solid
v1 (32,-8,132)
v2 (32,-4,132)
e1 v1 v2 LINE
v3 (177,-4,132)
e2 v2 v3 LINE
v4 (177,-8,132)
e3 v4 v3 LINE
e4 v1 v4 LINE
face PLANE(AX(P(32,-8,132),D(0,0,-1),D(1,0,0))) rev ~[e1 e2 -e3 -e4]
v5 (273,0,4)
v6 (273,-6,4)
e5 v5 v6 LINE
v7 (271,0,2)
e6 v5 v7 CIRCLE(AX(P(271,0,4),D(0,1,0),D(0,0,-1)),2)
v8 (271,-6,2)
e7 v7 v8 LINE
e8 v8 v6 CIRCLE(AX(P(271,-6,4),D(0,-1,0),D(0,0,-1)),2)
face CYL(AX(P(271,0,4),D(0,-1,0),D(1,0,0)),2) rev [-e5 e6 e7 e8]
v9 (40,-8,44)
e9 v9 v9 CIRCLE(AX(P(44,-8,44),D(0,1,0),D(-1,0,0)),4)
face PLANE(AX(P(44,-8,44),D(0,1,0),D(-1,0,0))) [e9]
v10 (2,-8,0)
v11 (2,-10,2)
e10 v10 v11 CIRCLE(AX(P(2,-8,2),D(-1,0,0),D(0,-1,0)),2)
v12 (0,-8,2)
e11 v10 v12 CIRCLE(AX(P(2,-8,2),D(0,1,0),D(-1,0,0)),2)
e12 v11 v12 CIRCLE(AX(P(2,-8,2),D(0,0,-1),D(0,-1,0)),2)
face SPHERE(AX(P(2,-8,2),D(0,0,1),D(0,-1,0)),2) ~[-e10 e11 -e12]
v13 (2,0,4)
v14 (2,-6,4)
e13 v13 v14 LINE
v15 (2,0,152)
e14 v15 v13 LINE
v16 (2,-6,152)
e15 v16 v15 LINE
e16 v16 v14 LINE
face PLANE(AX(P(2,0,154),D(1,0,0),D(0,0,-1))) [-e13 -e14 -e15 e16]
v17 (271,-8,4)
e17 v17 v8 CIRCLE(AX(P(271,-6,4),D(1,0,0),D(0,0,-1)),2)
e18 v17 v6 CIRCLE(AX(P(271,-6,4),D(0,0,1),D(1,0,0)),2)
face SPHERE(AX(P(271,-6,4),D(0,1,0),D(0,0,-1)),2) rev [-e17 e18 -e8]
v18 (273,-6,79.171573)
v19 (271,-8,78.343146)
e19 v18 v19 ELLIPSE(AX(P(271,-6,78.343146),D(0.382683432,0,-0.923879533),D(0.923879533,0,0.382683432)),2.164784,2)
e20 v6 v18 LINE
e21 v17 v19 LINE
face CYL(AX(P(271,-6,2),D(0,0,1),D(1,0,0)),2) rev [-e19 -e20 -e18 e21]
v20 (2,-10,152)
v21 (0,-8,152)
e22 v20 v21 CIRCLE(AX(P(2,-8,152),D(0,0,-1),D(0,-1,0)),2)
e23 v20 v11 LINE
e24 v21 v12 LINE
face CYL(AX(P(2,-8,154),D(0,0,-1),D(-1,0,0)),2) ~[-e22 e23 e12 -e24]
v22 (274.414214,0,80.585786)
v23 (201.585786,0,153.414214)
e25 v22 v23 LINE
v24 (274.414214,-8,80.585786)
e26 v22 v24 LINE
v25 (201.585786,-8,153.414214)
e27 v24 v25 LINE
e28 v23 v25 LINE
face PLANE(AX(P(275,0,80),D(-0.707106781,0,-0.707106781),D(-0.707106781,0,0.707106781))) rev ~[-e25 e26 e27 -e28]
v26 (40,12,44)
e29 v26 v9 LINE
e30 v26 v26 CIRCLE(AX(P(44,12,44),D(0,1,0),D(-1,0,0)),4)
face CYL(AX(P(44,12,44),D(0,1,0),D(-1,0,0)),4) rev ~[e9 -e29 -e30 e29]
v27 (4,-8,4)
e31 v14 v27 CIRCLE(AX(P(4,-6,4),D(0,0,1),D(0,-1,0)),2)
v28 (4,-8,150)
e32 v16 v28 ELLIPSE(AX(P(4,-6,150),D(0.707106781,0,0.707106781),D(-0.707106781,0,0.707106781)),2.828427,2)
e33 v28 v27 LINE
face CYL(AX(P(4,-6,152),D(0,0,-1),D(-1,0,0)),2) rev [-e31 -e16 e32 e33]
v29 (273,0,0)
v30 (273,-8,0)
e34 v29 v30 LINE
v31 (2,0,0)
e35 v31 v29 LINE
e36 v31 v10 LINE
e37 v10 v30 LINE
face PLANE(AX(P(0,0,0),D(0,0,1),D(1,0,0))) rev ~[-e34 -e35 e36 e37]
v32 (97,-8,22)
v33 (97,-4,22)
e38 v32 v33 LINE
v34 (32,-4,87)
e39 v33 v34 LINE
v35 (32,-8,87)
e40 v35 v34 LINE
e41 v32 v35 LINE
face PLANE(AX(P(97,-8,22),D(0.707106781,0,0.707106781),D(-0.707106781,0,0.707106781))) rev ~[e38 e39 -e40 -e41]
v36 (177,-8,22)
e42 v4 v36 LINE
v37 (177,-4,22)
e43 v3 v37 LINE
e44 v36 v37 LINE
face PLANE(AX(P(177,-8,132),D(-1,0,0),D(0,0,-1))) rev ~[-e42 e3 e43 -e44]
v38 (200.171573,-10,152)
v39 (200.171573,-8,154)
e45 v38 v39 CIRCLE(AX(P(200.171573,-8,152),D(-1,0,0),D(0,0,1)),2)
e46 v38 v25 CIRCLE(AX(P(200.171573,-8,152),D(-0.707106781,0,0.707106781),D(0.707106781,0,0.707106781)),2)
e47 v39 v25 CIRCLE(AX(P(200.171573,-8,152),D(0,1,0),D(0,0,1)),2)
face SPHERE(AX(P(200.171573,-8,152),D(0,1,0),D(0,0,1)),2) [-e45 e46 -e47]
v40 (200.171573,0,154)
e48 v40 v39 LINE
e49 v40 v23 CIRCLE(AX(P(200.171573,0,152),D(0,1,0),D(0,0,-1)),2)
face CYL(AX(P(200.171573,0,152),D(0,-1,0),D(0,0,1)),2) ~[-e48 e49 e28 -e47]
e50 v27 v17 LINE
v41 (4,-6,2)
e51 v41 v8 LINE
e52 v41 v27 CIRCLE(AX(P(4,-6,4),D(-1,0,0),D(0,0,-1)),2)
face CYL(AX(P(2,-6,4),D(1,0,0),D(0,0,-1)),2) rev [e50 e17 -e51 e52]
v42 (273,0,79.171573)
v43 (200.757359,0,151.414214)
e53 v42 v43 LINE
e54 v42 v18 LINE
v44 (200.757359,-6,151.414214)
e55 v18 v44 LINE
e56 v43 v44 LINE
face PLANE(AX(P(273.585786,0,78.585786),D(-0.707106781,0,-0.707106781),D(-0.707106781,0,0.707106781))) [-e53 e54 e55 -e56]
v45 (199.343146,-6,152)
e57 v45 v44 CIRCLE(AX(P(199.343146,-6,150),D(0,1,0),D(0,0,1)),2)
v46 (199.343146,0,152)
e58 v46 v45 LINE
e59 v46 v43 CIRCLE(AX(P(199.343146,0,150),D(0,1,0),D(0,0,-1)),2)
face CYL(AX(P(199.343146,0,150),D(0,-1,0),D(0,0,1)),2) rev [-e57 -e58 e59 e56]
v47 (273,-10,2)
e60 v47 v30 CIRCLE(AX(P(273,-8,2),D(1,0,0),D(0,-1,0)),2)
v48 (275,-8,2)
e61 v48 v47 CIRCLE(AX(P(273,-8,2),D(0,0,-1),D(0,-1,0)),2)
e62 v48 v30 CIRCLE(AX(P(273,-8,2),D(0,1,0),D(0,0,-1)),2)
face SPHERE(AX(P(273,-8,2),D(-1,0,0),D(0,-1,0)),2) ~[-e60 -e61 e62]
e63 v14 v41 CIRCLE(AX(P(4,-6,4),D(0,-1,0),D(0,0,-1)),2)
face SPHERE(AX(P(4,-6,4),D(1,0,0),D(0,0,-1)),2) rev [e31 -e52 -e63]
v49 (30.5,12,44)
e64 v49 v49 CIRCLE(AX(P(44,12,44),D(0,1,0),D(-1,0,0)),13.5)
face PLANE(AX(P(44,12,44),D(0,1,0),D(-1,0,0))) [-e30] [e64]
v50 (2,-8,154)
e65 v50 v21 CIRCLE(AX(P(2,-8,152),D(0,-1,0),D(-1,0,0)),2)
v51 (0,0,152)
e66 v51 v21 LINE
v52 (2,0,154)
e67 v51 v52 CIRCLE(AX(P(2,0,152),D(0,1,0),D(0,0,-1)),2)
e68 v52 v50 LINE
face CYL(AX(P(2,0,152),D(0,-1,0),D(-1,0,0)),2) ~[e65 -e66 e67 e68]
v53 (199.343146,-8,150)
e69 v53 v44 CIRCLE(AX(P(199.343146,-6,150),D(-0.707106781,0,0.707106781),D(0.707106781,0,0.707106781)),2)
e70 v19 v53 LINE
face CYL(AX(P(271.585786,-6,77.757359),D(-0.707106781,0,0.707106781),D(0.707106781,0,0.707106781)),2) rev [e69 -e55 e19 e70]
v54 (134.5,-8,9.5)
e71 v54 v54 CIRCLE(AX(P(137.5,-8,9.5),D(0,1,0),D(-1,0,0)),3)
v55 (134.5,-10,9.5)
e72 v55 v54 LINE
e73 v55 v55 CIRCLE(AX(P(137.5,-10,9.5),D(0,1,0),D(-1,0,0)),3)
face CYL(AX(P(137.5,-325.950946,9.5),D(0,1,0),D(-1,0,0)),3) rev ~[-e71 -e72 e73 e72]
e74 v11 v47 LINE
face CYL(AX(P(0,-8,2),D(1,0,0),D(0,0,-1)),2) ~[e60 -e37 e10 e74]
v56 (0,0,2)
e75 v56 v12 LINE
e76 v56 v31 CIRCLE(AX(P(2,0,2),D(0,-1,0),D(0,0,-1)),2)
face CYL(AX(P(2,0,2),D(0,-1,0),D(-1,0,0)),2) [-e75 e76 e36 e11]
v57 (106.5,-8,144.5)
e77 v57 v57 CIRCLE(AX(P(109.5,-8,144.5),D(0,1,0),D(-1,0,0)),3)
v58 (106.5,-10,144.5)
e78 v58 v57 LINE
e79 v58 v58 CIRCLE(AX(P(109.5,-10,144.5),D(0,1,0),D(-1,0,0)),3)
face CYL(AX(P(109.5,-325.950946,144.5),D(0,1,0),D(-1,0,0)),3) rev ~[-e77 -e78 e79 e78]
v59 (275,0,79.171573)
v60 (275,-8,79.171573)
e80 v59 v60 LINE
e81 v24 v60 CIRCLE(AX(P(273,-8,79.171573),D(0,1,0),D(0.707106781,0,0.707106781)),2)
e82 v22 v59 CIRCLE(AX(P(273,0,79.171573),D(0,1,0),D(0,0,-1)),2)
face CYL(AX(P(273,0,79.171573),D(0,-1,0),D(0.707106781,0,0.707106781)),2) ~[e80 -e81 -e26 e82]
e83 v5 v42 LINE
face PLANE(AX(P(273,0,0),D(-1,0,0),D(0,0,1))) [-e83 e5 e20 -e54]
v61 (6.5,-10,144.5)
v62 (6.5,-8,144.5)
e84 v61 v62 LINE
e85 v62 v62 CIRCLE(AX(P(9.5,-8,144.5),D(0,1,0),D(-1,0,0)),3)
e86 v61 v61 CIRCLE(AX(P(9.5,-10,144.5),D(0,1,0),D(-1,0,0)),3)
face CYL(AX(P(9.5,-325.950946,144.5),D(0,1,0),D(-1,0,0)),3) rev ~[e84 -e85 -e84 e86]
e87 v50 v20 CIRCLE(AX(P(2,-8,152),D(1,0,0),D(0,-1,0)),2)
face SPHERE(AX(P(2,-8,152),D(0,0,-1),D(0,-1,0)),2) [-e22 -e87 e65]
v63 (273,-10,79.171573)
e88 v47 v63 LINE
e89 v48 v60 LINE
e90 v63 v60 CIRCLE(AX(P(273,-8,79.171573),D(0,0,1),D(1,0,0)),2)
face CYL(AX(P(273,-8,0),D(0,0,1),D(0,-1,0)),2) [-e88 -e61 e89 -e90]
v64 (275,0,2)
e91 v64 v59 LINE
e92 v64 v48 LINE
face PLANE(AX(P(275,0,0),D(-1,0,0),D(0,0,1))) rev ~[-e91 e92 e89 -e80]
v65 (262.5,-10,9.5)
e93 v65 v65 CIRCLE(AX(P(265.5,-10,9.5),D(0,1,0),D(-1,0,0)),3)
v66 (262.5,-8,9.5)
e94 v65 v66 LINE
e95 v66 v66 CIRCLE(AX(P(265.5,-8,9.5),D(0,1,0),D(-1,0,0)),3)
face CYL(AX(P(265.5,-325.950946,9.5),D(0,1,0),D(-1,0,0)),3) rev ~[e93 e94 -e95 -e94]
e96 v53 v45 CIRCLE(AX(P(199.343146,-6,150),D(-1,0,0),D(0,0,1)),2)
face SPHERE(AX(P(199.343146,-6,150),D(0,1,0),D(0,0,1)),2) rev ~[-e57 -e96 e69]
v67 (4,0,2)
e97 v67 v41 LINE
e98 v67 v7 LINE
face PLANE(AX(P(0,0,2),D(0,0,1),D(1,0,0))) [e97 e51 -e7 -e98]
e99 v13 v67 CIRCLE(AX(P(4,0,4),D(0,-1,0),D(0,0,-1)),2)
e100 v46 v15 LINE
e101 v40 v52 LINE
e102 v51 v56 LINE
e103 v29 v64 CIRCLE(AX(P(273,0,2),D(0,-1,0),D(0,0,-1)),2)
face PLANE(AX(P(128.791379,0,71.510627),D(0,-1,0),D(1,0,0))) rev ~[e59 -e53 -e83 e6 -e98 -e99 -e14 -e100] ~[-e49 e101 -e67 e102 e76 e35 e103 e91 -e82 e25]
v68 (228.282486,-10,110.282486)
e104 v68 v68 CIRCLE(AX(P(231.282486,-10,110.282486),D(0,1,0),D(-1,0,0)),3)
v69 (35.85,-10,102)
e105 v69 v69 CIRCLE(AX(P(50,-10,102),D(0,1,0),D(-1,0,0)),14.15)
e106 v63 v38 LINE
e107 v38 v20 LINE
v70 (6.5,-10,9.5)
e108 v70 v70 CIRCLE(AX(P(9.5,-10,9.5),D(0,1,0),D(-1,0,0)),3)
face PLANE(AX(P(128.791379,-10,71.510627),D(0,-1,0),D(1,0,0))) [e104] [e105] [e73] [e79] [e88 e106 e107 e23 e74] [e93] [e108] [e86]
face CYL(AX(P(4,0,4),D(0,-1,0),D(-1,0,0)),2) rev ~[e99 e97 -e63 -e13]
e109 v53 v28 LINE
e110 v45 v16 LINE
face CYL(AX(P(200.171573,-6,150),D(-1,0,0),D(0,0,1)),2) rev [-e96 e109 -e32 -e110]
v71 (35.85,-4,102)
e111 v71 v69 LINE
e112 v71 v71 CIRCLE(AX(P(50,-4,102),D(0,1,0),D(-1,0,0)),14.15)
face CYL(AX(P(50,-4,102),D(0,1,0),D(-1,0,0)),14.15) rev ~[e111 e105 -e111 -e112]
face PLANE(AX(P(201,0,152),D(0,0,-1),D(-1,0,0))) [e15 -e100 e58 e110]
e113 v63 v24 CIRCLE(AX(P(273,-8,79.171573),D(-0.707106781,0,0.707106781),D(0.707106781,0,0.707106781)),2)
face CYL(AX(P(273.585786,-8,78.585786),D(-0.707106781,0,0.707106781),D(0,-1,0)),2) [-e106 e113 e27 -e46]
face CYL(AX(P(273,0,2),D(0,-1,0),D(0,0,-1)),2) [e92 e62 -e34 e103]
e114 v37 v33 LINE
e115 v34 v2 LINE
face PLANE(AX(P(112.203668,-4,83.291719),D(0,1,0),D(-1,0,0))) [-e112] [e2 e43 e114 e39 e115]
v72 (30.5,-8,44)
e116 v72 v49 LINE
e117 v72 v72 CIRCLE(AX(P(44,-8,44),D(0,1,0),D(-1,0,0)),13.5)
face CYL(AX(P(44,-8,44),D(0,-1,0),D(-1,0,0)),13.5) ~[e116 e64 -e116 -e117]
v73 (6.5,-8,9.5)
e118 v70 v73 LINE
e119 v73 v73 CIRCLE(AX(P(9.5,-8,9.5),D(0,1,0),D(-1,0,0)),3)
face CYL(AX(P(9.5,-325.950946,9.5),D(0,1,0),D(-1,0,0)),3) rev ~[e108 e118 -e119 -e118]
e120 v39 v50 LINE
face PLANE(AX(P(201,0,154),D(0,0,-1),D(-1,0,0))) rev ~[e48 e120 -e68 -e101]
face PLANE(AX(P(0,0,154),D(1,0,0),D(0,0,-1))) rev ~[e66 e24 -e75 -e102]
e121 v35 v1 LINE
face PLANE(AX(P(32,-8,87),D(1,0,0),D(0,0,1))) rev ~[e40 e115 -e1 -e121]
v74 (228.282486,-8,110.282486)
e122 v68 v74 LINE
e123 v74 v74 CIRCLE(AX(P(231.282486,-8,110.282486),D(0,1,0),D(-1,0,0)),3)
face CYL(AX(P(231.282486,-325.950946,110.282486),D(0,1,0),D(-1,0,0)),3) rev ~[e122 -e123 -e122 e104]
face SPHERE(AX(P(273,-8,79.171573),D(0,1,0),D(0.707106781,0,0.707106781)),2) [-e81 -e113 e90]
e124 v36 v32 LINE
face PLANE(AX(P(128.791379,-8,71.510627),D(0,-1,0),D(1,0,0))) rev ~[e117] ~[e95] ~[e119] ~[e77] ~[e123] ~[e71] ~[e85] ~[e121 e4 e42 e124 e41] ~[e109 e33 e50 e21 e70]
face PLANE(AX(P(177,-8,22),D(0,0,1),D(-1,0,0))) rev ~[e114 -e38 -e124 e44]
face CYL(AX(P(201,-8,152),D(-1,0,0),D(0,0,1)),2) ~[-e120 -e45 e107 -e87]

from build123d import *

# Parameters (mm, degrees)
F1_DEPTH  = 10
F2_T      = -2
F4_DEPTH  = 4
F5_R      = 13.5
F6_DEPTH  = 20
F7_R      = 4
F8_DEPTH  = 20
F10_D     = 6
F11_R     = 2
F12_R     = 2
F13_R     = 14.15
F14_DEPTH = 6.001


with BuildPart() as f1:
    # F0 (on Front) → F1 (new body)
    with BuildSketch(Plane.XZ):
        Polygon((0, 154), (0, 0), (275, 0), (275, 80), (201, 154), align=None)
    extrude(amount=F1_DEPTH)

    # F2
    f2_openings = [f1.faces().sort_by_distance(p)[0] for p in [
        (129.700907, 0, 73.382695),
    ]]
    offset(amount=F2_T, openings=f2_openings)

    # F3 (on face) → F4 (join)
    with BuildSketch(Plane(origin=(0, -8, 0), x_dir=(-1, 0, 0), z_dir=(0, 1, 0))):
        Polygon((-32, 87), (-32, 132), (-177, 132), (-177, 22), (-97, 22), align=None)
    extrude(amount=F4_DEPTH)

    # F5 (on face) → F6 (join)
    with BuildSketch(Plane(origin=(0, -8, 0), x_dir=(-1, 0, 0), z_dir=(0, 1, 0))):
        with Locations((-44, 44)):
            Circle(F5_R)
    extrude(amount=F6_DEPTH)

    # F7 (on face) → F8 (cut, through all)
    with BuildSketch(Plane(origin=(0, 12, 0), x_dir=(-1, 0, 0), z_dir=(0, 1, 0))):
        with Locations((-44, 44)):
            Circle(F7_R)
    extrude(amount=-F8_DEPTH, mode=Mode.SUBTRACT)

    # F10 (through all)
    with Locations(Plane.XZ.offset(10)):
        with Locations((9.5, 144.5), (109.5, 144.5), (231.2824855787, 110.2824855787), (265.5, 9.5), (137.5, 9.5), (9.5, 9.5)):
            Hole(F10_D / 2)

    # F11
    f11_edges = [f1.edges().sort_by_distance(p)[0] for p in [
        (0, -10, 77),
        (137.5, -10, 0),
        (238, -10, 117),
        (275, -10, 40),
        (275, -5, 0),
        (275, -5, 80),
        (201, -5, 154),
        (0, -5, 0),
        (100.5, -10, 154),
        (0, -5, 154),
    ]]
    fillet(f11_edges, radius=F11_R)

    # F12
    f12_edges = [f1.edges().sort_by_distance(p)[0] for p in [
        (273, -4, 2),
        (137.5, -8, 2),
        (273, -8, 40.585786),
        (236.585786, -8, 115.585786),
        (200.171573, -4, 152),
        (101.085786, -8, 152),
        (2, -4, 2),
        (2, -8, 77),
    ]]
    fillet(f12_edges, radius=F12_R)

    # F13 (on face) → F14 (cut, through all)
    with BuildSketch(Plane(origin=(0, -4, 0), x_dir=(-1, 0, 0), z_dir=(0, 1, 0))):
        with Locations((-50, 102)):
            Circle(F13_R)
    extrude(amount=-F14_DEPTH, mode=Mode.SUBTRACT)


solid = f1.part
